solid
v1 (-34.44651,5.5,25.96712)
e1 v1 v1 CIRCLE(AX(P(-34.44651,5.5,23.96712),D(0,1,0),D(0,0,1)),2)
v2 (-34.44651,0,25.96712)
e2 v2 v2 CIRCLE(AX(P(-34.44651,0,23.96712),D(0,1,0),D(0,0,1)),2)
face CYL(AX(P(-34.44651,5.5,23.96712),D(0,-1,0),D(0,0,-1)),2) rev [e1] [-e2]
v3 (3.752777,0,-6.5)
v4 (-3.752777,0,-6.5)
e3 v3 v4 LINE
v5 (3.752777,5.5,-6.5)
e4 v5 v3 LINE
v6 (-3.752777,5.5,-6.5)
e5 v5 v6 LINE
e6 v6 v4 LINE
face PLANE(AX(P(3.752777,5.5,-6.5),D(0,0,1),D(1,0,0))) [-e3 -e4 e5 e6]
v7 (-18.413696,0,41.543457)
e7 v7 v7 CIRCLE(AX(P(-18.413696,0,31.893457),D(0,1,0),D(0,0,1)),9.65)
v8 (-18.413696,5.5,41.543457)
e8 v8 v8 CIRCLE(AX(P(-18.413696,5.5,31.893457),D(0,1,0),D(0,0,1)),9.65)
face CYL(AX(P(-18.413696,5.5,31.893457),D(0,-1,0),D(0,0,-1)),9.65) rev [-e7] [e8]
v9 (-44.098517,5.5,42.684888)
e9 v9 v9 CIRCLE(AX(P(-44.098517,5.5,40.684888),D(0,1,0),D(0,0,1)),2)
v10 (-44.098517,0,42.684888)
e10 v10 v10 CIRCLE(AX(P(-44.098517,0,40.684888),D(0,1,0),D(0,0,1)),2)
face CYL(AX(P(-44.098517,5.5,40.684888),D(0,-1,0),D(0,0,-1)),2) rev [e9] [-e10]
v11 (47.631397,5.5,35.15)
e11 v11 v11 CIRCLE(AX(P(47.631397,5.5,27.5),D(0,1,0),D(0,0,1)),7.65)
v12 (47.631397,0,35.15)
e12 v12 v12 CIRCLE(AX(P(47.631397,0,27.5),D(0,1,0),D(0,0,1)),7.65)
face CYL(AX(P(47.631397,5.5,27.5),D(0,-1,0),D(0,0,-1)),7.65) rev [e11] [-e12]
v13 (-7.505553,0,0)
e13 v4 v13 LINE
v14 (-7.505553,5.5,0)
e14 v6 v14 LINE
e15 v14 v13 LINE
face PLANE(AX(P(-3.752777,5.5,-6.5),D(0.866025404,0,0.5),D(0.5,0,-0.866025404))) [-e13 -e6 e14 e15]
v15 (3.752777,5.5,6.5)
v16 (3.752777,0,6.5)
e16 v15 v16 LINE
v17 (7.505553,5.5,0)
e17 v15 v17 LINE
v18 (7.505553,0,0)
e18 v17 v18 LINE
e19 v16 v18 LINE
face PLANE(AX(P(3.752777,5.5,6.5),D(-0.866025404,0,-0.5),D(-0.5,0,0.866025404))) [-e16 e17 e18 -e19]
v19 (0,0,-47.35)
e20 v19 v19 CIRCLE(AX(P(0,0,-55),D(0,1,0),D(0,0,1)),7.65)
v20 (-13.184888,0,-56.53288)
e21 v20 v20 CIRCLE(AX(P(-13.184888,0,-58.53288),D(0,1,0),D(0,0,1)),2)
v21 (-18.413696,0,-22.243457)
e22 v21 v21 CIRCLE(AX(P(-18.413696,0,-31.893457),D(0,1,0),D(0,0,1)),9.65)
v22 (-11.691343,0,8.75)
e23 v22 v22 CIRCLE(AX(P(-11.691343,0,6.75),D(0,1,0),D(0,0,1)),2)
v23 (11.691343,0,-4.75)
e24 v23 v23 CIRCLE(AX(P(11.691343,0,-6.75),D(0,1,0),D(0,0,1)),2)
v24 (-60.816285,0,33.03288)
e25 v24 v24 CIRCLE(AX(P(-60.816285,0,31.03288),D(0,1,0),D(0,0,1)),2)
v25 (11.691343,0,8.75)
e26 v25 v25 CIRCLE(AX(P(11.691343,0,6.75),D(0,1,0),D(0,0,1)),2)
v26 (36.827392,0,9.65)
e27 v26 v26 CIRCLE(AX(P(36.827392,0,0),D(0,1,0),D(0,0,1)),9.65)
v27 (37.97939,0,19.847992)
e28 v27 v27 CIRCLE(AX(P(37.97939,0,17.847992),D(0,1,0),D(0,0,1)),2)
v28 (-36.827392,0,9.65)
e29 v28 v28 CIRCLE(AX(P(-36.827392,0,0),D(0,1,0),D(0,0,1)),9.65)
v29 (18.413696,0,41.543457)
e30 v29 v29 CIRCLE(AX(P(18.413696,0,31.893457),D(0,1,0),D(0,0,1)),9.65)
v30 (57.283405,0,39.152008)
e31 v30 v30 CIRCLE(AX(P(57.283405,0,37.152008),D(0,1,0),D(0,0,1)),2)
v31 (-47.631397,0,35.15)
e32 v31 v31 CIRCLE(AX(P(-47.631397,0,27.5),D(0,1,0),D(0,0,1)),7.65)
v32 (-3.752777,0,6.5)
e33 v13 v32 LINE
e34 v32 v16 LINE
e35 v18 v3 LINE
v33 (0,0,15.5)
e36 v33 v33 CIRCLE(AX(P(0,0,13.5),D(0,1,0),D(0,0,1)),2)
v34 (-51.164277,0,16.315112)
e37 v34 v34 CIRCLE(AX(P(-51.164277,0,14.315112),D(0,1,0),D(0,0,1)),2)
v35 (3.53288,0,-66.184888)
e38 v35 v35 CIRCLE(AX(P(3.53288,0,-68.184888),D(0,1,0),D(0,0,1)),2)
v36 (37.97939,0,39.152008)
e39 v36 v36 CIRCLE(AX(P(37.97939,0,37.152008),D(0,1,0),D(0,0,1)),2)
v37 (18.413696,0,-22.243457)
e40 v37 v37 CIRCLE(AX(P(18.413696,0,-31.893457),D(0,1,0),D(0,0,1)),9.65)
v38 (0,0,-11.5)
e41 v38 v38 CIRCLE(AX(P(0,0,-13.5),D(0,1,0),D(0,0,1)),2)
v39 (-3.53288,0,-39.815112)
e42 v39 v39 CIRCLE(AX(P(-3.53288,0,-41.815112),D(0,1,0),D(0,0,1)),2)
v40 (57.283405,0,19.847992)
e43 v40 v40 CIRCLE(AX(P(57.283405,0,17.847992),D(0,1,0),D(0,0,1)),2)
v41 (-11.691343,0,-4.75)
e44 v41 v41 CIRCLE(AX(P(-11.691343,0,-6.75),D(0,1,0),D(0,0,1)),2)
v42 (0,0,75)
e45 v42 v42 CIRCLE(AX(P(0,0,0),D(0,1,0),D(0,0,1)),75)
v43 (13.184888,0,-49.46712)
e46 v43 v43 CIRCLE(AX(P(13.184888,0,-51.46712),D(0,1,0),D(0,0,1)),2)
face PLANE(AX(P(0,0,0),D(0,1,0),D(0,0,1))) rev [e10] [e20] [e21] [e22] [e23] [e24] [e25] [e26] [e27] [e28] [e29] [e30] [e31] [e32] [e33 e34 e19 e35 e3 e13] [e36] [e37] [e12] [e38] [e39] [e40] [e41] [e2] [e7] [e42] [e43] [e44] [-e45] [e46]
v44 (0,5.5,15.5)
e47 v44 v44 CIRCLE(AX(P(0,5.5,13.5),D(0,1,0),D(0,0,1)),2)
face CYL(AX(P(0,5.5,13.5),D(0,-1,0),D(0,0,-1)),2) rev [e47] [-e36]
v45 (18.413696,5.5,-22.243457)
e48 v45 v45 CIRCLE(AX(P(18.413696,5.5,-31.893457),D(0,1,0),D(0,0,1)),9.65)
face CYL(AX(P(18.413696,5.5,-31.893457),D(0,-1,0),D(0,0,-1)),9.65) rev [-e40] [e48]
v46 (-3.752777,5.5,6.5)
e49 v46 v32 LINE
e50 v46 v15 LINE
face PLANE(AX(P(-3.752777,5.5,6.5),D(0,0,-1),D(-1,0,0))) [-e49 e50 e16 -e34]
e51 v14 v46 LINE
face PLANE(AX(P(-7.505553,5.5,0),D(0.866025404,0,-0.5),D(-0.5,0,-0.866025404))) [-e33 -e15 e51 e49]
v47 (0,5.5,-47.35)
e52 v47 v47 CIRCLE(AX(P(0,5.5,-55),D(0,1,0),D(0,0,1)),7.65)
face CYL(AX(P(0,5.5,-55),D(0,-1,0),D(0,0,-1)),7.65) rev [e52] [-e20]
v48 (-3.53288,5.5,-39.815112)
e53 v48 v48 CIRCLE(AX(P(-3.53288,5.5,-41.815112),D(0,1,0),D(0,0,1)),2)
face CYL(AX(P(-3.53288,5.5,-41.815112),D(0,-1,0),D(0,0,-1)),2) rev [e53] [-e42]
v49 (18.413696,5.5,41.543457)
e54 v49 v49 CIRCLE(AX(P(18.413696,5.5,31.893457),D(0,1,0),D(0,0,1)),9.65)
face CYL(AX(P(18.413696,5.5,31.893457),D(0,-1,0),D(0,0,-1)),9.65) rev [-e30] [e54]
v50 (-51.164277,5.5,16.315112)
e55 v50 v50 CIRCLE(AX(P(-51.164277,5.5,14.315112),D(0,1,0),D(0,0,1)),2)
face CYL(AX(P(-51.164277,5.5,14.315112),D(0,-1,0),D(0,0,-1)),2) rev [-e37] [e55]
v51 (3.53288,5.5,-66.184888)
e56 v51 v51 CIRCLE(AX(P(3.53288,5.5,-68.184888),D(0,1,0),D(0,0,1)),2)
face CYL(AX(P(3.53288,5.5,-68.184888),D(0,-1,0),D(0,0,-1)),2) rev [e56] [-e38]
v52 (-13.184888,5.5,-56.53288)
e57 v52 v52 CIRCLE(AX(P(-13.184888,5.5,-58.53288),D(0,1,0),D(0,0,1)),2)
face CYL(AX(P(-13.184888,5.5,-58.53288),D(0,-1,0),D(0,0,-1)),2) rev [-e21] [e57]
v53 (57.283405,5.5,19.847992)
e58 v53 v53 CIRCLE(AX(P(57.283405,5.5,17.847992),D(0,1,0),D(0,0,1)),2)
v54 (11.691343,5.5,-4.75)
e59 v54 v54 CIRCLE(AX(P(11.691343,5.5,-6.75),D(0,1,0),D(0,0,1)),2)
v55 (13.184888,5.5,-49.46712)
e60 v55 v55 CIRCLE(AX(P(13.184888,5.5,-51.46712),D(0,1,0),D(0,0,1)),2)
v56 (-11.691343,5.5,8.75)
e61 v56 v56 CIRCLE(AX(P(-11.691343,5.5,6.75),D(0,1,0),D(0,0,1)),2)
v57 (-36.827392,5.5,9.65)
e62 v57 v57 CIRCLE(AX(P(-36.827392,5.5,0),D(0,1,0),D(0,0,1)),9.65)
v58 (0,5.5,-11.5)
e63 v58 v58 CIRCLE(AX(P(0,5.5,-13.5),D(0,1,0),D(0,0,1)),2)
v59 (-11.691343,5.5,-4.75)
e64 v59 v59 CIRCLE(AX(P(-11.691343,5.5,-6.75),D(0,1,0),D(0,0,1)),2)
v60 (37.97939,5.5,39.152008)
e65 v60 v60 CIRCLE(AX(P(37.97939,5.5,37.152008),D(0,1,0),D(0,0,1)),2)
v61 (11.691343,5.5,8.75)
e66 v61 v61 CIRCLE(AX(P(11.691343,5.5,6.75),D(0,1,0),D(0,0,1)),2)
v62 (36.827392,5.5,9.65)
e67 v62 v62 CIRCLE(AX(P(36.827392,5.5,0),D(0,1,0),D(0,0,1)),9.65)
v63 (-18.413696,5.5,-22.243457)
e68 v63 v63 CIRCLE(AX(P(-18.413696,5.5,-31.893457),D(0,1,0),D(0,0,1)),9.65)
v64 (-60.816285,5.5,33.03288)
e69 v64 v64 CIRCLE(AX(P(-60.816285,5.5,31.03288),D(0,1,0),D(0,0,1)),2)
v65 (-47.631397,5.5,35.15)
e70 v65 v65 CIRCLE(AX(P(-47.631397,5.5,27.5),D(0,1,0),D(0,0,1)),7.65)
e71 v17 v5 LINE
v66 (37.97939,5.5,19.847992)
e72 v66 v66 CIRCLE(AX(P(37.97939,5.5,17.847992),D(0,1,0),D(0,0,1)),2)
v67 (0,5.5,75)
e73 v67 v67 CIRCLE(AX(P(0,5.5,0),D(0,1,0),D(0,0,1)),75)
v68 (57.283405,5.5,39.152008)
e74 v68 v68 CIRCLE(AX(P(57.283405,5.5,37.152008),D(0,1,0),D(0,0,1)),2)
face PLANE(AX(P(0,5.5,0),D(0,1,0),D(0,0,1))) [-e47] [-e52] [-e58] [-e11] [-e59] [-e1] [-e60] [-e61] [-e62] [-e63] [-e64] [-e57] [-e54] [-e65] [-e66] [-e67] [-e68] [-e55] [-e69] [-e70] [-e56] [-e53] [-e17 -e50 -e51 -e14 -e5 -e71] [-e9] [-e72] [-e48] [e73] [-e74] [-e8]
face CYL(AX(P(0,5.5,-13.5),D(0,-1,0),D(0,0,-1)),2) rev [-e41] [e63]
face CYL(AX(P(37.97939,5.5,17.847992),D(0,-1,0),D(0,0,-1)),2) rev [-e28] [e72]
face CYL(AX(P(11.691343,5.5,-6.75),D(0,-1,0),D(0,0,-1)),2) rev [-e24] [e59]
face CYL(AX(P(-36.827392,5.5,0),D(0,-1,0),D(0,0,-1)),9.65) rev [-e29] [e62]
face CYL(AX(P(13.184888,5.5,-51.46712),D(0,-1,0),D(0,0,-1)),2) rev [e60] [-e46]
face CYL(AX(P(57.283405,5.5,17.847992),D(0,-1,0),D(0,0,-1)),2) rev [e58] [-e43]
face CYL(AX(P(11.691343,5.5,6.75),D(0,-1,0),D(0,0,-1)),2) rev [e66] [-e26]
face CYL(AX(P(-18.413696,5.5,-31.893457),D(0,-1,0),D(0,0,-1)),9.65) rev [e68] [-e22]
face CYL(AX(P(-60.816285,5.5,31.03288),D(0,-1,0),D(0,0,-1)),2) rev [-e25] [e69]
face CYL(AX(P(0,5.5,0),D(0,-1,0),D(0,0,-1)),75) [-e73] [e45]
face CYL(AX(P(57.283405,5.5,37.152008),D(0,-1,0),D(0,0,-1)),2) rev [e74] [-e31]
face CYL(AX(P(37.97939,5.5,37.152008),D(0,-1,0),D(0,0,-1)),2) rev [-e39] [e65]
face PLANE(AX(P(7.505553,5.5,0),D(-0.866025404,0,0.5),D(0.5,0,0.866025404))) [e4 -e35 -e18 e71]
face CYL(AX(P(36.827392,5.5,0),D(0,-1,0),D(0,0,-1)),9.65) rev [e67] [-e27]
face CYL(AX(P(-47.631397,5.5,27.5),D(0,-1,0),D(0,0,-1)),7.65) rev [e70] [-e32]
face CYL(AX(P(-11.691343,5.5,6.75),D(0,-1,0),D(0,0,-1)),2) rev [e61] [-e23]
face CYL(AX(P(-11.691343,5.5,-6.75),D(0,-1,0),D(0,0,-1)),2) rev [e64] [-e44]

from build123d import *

# Parameters (mm, degrees)
SKETCH4_R           = 75
SKETCH4_R_2         = 9.65
SKETCH4_R_3         = 2
SKETCH4_R_4         = 7.65
BOSS_EXTRUDE1_DEPTH = 5.5


with BuildPart() as part:
    # Sketch4 → Boss-Extrude1 (new body)
    with BuildSketch(Plane(origin=(0, 0, 0), x_dir=(1, 0, 0), z_dir=(0, 1, 0))):
        with Locations(Location((0, 0, 0), (0, 0, 270))):
            Circle(SKETCH4_R)
        with Locations(Location((-36.827392181, 0, 0), (0, 0, 270))):
            Circle(SKETCH4_R_2, mode=Mode.SUBTRACT)
        with Locations(Location((-18.413696091, 31.893457184, 0), (0, 0, 270))):
            Circle(SKETCH4_R_2, mode=Mode.SUBTRACT)
        with Locations(Location((18.413696091, 31.893457184, 0), (0, 0, 270))):
            Circle(SKETCH4_R_2, mode=Mode.SUBTRACT)
        with Locations(Location((36.827392181, 0, 0), (0, 0, 270))):
            Circle(SKETCH4_R_2, mode=Mode.SUBTRACT)
        with Locations(Location((18.413696091, -31.893457184, 0), (0, 0, 270))):
            Circle(SKETCH4_R_2, mode=Mode.SUBTRACT)
        with Locations(Location((-18.413696091, -31.893457184, 0), (0, 0, 270))):
            Circle(SKETCH4_R_2, mode=Mode.SUBTRACT)
        with Locations(Location((0, 13.5, 0), (0, 0, 270))):
            Circle(SKETCH4_R_3, mode=Mode.SUBTRACT)
        with Locations(Location((11.691342951, 6.75, 0), (0, 0, 270))):
            Circle(SKETCH4_R_3, mode=Mode.SUBTRACT)
        with Locations(Location((11.691342951, -6.75, 0), (0, 0, 270))):
            Circle(SKETCH4_R_3, mode=Mode.SUBTRACT)
        with Locations(Location((0, -13.5, 0), (0, 0, 270))):
            Circle(SKETCH4_R_3, mode=Mode.SUBTRACT)
        with Locations(Location((-11.691342951, -6.75, 0), (0, 0, 270))):
            Circle(SKETCH4_R_3, mode=Mode.SUBTRACT)
        with Locations(Location((-11.691342951, 6.75, 0), (0, 0, 270))):
            Circle(SKETCH4_R_3, mode=Mode.SUBTRACT)
        with Locations(Location((0, 55, 0), (0, 0, 270))):
            Circle(SKETCH4_R_4, mode=Mode.SUBTRACT)
        with Locations(Location((47.631397208, -27.5, 0), (0, 0, 270))):
            Circle(SKETCH4_R_4, mode=Mode.SUBTRACT)
        with Locations(Location((-47.631397208, -27.5, 0), (0, 0, 270))):
            Circle(SKETCH4_R_4, mode=Mode.SUBTRACT)
        with Locations(Location((37.979389645, -37.152007563, 0), (0, 0, 270))):
            Circle(SKETCH4_R_3, mode=Mode.SUBTRACT)
        with Locations(Location((37.979389645, -17.847992437, 0), (0, 0, 270))):
            Circle(SKETCH4_R_3, mode=Mode.SUBTRACT)
        with Locations(Location((57.283404771, -17.847992437, 0), (0, 0, 270))):
            Circle(SKETCH4_R_3, mode=Mode.SUBTRACT)
        with Locations(Location((57.283404771, -37.152007563, 0), (0, 0, 270))):
            Circle(SKETCH4_R_3, mode=Mode.SUBTRACT)
        with Locations(Location((-51.164277174, -14.315112471, 0), (0, 0, 270))):
            Circle(SKETCH4_R_3, mode=Mode.SUBTRACT)
        with Locations(Location((-60.816284737, -31.032879966, 0), (0, 0, 270))):
            Circle(SKETCH4_R_3, mode=Mode.SUBTRACT)
        with Locations(Location((-44.098517242, -40.684887529, 0), (0, 0, 270))):
            Circle(SKETCH4_R_3, mode=Mode.SUBTRACT)
        with Locations(Location((-34.446509679, -23.967120034, 0), (0, 0, 270))):
            Circle(SKETCH4_R_3, mode=Mode.SUBTRACT)
        with Locations(Location((13.184887529, 51.467120034, 0), (0, 0, 270))):
            Circle(SKETCH4_R_3, mode=Mode.SUBTRACT)
        with Locations(Location((3.532879966, 68.184887529, 0), (0, 0, 270))):
            Circle(SKETCH4_R_3, mode=Mode.SUBTRACT)
        with Locations(Location((-13.184887529, 58.532879966, 0), (0, 0, 270))):
            Circle(SKETCH4_R_3, mode=Mode.SUBTRACT)
        with Locations(Location((-3.532879966, 41.815112471, 0), (0, 0, 270))):
            Circle(SKETCH4_R_3, mode=Mode.SUBTRACT)
        Polygon((3.75277675, -6.5), (7.505553499, 0), (3.75277675, 6.5), (-3.75277675, 6.5), (-7.505553499, 0), (-3.75277675, -6.5), align=None, mode=Mode.SUBTRACT)
    extrude(amount=BOSS_EXTRUDE1_DEPTH)


solid = part.part
